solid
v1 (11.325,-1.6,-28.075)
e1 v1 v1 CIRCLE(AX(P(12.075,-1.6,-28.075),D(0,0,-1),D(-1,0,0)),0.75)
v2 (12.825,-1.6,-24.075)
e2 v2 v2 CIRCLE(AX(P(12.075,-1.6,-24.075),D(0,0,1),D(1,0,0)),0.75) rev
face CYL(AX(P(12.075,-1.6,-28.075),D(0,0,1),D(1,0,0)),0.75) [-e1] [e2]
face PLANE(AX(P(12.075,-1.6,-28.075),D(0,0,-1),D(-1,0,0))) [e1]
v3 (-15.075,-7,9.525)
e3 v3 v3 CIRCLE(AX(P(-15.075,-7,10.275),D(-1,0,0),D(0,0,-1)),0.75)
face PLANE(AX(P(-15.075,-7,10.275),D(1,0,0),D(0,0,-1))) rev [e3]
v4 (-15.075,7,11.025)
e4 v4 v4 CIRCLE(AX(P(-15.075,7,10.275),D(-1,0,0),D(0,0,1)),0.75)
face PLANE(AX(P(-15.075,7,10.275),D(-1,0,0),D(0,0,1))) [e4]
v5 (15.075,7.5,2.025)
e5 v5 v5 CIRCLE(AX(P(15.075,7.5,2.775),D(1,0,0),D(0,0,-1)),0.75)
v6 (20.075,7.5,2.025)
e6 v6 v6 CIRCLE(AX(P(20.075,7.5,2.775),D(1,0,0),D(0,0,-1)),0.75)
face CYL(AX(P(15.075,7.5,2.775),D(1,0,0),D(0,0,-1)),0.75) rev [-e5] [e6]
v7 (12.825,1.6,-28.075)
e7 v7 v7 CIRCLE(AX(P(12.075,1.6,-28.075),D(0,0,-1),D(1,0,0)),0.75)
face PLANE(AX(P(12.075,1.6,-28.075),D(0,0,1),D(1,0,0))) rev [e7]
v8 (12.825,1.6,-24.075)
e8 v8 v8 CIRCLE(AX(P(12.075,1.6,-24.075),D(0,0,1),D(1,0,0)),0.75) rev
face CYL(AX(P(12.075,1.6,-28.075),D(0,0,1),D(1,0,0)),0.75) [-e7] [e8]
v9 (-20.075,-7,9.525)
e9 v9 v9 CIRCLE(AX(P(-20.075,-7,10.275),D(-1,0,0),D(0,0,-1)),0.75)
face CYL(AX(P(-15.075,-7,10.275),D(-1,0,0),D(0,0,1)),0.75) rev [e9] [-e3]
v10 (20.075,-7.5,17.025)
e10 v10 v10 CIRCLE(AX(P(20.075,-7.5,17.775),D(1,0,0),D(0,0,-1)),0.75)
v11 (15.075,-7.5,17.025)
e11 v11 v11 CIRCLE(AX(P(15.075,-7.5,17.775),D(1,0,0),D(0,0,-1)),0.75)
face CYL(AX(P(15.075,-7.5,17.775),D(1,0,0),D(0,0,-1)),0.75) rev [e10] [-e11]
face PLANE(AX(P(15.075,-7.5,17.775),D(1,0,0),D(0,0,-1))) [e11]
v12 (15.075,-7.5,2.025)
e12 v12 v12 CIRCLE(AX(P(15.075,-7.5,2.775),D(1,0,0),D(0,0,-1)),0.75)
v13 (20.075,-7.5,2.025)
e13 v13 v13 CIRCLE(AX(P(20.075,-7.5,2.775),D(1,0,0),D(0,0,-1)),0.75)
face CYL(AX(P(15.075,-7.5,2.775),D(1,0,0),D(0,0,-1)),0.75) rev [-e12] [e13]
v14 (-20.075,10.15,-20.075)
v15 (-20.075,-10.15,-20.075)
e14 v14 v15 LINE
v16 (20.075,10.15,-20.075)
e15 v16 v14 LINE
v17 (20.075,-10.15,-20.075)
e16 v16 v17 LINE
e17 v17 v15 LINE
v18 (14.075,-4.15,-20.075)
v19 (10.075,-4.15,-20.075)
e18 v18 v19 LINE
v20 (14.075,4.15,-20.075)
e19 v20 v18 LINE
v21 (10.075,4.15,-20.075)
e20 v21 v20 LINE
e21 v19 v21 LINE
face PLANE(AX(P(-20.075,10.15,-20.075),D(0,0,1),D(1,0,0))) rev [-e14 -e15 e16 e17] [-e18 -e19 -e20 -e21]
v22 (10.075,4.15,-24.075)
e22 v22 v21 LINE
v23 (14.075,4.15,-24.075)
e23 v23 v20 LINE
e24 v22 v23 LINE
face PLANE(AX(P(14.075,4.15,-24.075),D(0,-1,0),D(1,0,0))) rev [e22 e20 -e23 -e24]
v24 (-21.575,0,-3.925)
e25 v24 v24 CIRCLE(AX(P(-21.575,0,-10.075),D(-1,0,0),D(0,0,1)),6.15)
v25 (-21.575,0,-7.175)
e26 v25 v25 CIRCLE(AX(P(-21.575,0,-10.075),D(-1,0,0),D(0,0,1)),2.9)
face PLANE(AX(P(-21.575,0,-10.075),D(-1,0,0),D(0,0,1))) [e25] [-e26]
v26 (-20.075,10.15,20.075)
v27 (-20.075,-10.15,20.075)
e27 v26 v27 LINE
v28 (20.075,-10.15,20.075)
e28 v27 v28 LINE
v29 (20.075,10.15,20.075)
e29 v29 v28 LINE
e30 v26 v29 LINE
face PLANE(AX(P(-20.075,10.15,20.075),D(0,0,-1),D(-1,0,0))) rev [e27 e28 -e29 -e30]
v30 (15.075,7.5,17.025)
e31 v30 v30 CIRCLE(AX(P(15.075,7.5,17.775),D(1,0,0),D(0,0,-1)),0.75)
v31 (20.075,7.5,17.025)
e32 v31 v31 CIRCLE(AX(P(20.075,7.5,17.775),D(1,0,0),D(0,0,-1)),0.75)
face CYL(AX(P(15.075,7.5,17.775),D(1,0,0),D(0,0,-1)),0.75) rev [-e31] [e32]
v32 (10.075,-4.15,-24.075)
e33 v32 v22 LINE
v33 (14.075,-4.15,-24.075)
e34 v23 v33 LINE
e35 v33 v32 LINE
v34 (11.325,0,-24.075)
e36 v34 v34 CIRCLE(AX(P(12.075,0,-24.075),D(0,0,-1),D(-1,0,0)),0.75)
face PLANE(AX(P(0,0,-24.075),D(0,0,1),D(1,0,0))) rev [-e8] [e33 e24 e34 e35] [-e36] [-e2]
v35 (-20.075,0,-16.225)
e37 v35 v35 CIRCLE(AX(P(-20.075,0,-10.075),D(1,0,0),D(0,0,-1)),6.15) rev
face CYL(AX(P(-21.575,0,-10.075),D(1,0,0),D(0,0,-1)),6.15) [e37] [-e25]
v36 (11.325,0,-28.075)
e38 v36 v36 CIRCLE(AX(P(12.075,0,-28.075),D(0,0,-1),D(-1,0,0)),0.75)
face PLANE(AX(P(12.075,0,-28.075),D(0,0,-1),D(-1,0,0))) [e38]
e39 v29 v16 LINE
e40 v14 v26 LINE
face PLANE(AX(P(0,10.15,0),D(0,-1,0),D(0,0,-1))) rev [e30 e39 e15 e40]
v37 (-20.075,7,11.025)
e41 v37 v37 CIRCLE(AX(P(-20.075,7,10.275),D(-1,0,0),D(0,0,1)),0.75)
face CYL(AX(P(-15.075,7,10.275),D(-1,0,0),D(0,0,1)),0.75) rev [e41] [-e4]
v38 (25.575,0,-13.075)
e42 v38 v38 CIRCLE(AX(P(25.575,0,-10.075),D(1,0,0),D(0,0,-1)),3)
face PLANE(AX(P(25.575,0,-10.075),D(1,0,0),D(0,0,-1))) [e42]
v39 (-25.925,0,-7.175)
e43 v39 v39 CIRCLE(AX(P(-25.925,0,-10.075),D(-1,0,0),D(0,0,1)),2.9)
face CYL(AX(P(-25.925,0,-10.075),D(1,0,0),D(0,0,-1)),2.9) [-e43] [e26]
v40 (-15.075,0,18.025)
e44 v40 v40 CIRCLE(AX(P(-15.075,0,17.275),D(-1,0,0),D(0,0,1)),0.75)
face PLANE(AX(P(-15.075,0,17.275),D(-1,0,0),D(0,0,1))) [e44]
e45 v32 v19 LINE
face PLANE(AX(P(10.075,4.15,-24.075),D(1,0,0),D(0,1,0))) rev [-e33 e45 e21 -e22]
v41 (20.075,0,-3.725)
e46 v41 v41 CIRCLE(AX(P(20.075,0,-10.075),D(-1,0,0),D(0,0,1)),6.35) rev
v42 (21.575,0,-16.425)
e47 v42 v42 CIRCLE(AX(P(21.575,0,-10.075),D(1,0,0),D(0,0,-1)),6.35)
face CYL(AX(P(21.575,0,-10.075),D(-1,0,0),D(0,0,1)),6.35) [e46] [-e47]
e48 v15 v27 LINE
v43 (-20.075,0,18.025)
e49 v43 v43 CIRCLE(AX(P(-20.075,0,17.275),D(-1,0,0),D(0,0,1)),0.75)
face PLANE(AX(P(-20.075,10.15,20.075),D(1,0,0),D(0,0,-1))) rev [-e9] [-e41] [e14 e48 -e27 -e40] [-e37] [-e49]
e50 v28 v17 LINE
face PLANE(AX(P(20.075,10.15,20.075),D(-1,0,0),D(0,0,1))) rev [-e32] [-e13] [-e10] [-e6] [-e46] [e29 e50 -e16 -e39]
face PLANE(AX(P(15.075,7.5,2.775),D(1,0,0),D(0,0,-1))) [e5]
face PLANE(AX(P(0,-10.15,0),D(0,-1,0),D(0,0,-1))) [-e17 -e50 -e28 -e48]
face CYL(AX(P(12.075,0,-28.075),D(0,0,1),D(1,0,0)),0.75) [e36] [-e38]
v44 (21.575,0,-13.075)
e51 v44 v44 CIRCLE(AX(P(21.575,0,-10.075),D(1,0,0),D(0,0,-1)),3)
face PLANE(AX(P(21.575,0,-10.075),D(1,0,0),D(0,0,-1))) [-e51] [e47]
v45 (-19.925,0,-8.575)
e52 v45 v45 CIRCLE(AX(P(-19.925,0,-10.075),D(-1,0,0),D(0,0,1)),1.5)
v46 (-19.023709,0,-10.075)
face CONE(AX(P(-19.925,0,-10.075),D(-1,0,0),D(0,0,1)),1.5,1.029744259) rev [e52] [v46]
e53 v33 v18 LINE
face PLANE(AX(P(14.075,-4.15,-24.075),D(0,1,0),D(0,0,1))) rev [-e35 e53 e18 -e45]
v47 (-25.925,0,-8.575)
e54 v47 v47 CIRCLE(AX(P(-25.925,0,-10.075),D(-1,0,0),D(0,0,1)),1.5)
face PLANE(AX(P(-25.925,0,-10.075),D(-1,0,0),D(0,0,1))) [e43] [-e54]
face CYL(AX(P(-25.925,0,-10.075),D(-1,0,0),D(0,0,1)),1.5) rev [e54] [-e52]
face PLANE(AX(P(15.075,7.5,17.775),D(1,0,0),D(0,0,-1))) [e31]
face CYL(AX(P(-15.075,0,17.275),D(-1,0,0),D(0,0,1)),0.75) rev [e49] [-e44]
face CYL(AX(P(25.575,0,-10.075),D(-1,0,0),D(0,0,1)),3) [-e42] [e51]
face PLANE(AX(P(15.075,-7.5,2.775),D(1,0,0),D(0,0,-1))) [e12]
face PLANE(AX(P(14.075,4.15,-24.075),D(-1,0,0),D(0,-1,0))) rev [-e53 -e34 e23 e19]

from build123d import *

# Parameters (mm, degrees)
ESQUISSE1_W                       = 40.15
ESQUISSE1_H                       = 40.15
BOSS_EXTRU_1_DEPTH                = 10.15
ESQUISSE3_R                       = 6.15
BOSS_EXTRU_2_DEPTH                = 1.5
ESQUISSE4_R                       = 2.9
BOSS_EXTRU_3_DEPTH                = 4.35
DIAM_TRE_DU_PER_AGE_3_0_3_1_D     = 3
DIAM_TRE_DU_PER_AGE_3_0_3_1_DEPTH = 6
DIAM_TRE_DU_PER_AGE_3_0_3_1_TIP   = 0.901290929
ESQUISSE5_R                       = 6.35
BOSS_EXTRU_4_DEPTH                = 1.5
ESQUISSE6_R                       = 3
BOSS_EXTRU_5_DEPTH                = 4
ESQUISSE7_W                       = 4
ESQUISSE7_H                       = 8.3
BOSS_EXTRU_6_DEPTH                = 4
ESQUISSE8_R                       = 0.75
BOSS_EXTRU_8_DEPTH                = 4
ESQUISSE9_R                       = 0.75
ENL_V_MAT_EXTRU_1_DEPTH           = 5
ESQUISSE10_R                      = 0.75
ENL_V_MAT_EXTRU_2_DEPTH           = 5


with BuildPart() as part:
    # Esquisse1 → Boss.-Extru.1 (new, symmetric)
    with BuildSketch(Plane(origin=(0, 0, 0), x_dir=(1, 0, 0), z_dir=(0, 1, 0))):
        Rectangle(ESQUISSE1_W, ESQUISSE1_H)
    extrude(amount=BOSS_EXTRU_1_DEPTH, both=True)

    # Esquisse3 → Boss.-Extru.2 (add)
    with BuildSketch(Plane.ZY.offset(20.075)):
        with Locations((-10.075, 0)):
            Circle(ESQUISSE3_R)
    extrude(amount=BOSS_EXTRU_2_DEPTH)

    # Esquisse4 → Boss.-Extru.3 (add)
    with BuildSketch(Plane.ZY.offset(21.575)):
        with Locations((-10.075, 0)):
            Circle(ESQUISSE4_R)
    extrude(amount=BOSS_EXTRU_3_DEPTH)

    # Diamètre du perçage Ø3.0 (3)1
    with Locations(Plane.ZY.offset(25.925)):
        with Locations((-10.075, 0)):
            Hole(DIAM_TRE_DU_PER_AGE_3_0_3_1_D / 2, depth=DIAM_TRE_DU_PER_AGE_3_0_3_1_DEPTH)
            with Locations((0, 0, -(DIAM_TRE_DU_PER_AGE_3_0_3_1_DEPTH + DIAM_TRE_DU_PER_AGE_3_0_3_1_TIP / 2))):  # 118° drill point
                Cone(0, DIAM_TRE_DU_PER_AGE_3_0_3_1_D / 2, DIAM_TRE_DU_PER_AGE_3_0_3_1_TIP, mode=Mode.SUBTRACT)

    # Esquisse5 → Boss.-Extru.4 (add)
    with BuildSketch(Plane(origin=(20.075, 0, 0), x_dir=(0, 0, -1), z_dir=(1, 0, 0))):
        with Locations((10.075, 0)):
            Circle(ESQUISSE5_R)
    extrude(amount=BOSS_EXTRU_4_DEPTH)

    # Esquisse6 → Boss.-Extru.5 (add)
    with BuildSketch(Plane(origin=(21.575, 0, 0), x_dir=(0, 0, -1), z_dir=(1, 0, 0))):
        with Locations((10.075, 0)):
            Circle(ESQUISSE6_R)
    extrude(amount=BOSS_EXTRU_5_DEPTH)

    # Esquisse7 → Boss.-Extru.6 (add)
    with BuildSketch(Plane(origin=(0, 0, -20.075), x_dir=(-1, 0, 0), z_dir=(0, 0, -1))):
        with Locations((-12.075, 0)):
            Rectangle(ESQUISSE7_W, ESQUISSE7_H)
    extrude(amount=BOSS_EXTRU_6_DEPTH)

    # Esquisse8 → Boss.-Extru.8 (add)
    with BuildSketch(Plane(origin=(0, 0, -24.075), x_dir=(-1, 0, 0), z_dir=(0, 0, -1))):
        with Locations((-12.075, 0)):
            Circle(ESQUISSE8_R)
        with Locations((-12.075, -1.6)):
            Circle(ESQUISSE8_R)
        with Locations((-12.075, 1.6)):
            Circle(ESQUISSE8_R)
    extrude(amount=BOSS_EXTRU_8_DEPTH)

    # Esquisse9 → Enlèv. mat.-Extru.1 (cut)
    with BuildSketch(Plane(origin=(20.075, 0, 0), x_dir=(0, 0, -1), z_dir=(1, 0, 0))):
        with Locations((-17.775, 7.5)):
            Circle(ESQUISSE9_R)
        with Locations((-2.775, 7.5)):
            Circle(ESQUISSE9_R)
        with Locations((-17.775, -7.5)):
            Circle(ESQUISSE9_R)
        with Locations((-2.775, -7.5)):
            Circle(ESQUISSE9_R)
    extrude(amount=-ENL_V_MAT_EXTRU_1_DEPTH, mode=Mode.SUBTRACT)

    # Esquisse10 → Enlèv. mat.-Extru.2 (cut)
    with BuildSketch(Plane.ZY.offset(20.075)):
        with Locations((17.275, 0)):
            Circle(ESQUISSE10_R)
        with Locations((10.275, 7)):
            Circle(ESQUISSE10_R)
        with Locations((10.275, -7)):
            Circle(ESQUISSE10_R)
    extrude(amount=-ENL_V_MAT_EXTRU_2_DEPTH, mode=Mode.SUBTRACT)


solid = part.part
